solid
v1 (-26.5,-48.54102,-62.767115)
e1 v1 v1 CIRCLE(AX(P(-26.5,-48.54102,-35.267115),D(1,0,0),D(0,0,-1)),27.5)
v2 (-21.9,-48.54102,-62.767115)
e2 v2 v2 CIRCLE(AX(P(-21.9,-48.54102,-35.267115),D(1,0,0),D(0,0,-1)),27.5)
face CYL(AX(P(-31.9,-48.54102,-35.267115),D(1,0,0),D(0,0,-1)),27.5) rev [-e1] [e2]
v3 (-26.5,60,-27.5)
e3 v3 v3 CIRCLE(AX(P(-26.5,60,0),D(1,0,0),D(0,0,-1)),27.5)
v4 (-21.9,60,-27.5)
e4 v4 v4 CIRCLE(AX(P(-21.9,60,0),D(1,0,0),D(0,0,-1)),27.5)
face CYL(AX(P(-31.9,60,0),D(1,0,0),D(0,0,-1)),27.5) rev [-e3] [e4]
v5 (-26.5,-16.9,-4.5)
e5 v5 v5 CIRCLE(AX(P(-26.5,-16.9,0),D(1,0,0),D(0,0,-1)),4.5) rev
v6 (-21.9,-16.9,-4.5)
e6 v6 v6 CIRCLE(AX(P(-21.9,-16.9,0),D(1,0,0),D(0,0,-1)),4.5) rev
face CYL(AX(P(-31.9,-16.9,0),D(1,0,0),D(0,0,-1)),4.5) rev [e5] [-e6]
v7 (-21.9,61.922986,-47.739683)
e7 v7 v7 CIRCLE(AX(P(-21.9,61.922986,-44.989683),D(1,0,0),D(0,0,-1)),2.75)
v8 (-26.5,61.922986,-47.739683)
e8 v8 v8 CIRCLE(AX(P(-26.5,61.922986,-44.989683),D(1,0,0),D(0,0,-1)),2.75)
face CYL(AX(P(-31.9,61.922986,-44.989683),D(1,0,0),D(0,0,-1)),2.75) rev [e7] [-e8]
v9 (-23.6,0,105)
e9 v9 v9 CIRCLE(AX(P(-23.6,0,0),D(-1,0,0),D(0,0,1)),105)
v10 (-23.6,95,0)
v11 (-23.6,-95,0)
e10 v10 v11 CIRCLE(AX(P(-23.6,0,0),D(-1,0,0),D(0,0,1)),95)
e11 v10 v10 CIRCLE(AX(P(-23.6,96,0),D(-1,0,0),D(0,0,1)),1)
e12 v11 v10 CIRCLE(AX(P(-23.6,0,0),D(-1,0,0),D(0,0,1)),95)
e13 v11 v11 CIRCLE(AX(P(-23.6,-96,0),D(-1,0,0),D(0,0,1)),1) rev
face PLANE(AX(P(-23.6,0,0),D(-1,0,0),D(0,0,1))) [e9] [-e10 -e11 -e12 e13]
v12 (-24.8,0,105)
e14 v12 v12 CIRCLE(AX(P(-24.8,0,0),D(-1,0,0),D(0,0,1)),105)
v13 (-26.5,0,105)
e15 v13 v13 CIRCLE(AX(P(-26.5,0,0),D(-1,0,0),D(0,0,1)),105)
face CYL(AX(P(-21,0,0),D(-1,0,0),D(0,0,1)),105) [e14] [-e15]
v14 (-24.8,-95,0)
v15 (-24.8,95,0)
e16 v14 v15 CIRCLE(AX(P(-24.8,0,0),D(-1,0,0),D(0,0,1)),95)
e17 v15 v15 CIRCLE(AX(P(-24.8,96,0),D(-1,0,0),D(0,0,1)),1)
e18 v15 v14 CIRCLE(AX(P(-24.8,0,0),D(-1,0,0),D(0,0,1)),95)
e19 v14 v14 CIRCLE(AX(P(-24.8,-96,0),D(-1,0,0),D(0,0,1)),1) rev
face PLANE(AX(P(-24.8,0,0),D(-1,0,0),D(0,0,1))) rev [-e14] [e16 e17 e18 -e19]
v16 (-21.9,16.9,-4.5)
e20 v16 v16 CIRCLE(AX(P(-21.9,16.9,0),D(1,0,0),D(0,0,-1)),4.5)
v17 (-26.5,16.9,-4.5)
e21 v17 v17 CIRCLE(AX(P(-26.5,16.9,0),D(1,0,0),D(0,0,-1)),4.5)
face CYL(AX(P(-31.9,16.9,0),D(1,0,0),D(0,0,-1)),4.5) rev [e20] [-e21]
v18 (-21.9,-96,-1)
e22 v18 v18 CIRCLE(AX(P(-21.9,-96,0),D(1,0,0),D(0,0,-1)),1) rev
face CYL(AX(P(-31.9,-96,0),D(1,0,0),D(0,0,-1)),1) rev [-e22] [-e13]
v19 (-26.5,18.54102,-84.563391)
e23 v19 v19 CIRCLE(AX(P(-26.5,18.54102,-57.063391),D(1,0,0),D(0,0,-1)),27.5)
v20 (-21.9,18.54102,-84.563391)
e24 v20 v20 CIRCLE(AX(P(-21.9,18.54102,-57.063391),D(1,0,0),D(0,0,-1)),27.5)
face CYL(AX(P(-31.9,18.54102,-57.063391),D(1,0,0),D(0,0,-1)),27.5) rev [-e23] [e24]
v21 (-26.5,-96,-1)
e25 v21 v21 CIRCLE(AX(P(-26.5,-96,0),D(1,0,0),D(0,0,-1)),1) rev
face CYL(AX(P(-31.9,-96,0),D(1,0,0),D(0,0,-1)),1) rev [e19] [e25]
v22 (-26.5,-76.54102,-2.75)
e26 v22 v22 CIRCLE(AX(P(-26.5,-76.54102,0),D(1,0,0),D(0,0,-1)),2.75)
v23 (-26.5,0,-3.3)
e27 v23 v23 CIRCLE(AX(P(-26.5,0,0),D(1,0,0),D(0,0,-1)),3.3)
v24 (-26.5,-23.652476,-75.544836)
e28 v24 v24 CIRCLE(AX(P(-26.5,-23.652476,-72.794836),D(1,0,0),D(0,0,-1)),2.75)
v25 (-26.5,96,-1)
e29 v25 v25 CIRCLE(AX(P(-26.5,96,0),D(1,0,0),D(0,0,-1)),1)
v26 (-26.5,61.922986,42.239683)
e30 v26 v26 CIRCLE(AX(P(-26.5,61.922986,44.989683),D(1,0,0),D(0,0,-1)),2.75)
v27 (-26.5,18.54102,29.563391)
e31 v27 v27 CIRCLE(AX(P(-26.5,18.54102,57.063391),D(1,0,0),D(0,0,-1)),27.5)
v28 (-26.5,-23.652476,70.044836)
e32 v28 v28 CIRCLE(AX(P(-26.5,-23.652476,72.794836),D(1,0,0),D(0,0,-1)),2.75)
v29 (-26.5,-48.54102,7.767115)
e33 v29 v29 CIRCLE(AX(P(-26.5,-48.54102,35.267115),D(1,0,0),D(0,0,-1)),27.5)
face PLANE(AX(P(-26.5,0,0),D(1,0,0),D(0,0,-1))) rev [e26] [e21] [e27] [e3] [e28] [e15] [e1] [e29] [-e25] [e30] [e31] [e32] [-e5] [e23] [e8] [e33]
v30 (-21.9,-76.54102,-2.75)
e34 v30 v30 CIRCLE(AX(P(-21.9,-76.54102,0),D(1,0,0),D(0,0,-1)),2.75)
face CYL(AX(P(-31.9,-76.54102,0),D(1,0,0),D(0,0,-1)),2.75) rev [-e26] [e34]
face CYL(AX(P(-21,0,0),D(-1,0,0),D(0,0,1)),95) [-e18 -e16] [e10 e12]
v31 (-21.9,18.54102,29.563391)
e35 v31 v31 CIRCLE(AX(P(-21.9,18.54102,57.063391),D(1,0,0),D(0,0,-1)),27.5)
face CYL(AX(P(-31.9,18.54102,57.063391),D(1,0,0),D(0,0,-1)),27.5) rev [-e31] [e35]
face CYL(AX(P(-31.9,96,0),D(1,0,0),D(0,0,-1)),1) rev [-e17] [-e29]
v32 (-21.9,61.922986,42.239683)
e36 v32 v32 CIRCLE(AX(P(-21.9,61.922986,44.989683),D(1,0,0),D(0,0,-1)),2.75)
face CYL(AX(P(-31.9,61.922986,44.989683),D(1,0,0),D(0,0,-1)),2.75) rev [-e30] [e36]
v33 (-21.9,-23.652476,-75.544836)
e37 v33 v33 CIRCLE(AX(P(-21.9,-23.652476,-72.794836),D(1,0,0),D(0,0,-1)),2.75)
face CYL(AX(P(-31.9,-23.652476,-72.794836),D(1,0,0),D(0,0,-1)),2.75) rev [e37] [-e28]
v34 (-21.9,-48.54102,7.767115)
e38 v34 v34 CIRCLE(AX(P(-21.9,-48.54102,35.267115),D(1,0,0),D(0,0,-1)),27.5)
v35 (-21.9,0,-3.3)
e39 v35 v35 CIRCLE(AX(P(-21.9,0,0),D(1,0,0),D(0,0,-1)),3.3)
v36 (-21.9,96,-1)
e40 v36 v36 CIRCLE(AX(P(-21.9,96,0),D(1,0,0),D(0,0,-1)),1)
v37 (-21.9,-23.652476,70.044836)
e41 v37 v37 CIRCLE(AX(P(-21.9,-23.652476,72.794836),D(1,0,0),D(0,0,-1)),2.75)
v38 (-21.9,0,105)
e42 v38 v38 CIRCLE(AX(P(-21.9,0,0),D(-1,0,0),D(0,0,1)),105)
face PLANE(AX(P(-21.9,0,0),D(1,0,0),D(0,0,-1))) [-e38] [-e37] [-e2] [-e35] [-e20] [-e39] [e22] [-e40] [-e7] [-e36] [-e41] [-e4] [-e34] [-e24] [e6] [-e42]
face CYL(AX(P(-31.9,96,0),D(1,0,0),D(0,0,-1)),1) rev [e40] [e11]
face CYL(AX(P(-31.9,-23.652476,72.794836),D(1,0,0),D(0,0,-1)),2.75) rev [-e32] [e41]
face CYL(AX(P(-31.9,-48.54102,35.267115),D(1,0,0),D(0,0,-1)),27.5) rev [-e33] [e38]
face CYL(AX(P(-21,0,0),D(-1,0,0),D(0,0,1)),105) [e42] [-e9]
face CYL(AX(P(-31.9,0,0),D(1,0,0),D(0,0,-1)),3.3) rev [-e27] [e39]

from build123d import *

# Parameters (mm, degrees)
SKETCH_22_R         = 3.3
SKETCH_22_R_2       = 4.5
SKETCH_22_R_3       = 1
SKETCH_22_R_4       = 27.5
SKETCH_22_R_5       = 2.75
CUT_EXTRUDE_1_DEPTH = 10


with BuildPart() as part:
    # 草图1 → 旋转1 (revolve)
    with BuildSketch(Plane.XY, mode=Mode.PRIVATE) as revolve_1_sk:
        Polygon((-21.9, 11), (-21.9, 25), (-21.9, 105), (-23, 105), (-23.6, 105), (-23.6, 95), (-24.2, 95), (-24.8, 95), (-24.8, 105), (-25, 105), (-26.5, 105), (-26.5, 98.307417596), (-26.5, 11), (-26.5, 0), (-21.9, 0), align=None)
    revolve(revolve_1_sk.sketch.rotate(Axis((-21, 0, 0), (1, 0, 0)), 90), axis=Axis((-21, 0, 0), (1, 0, 0)))

    # 草图22 → 切除-拉伸1 (cut)
    with BuildSketch(Plane(origin=(-21.9, 0, 0), x_dir=(0, 0, -1), z_dir=(1, 0, 0))):
        Circle(SKETCH_22_R)
        with Locations((0, 16.9)):
            Circle(SKETCH_22_R_2)
        with Locations((0, 96)):
            Circle(SKETCH_22_R_3)
        with Locations((0, 60)):
            Circle(SKETCH_22_R_4)
        with Locations((0, -16.9)):
            Circle(SKETCH_22_R_2)
        with Locations((57.063390978, 18.541019662)):
            Circle(SKETCH_22_R_4)
        with Locations((72.794835514, -23.652475842)):
            Circle(SKETCH_22_R_5)
        with Locations((35.267115138, -48.541019662)):
            Circle(SKETCH_22_R_4)
        with Locations((-35.267115138, -48.541019662)):
            Circle(SKETCH_22_R_4)
        with Locations((-57.063390978, 18.541019662)):
            Circle(SKETCH_22_R_4)
        with Locations((0, -96)):
            Circle(SKETCH_22_R_3)
        with Locations((0, -76.541019662)):
            Circle(SKETCH_22_R_5)
        with Locations((-72.794835514, -23.652475842)):
            Circle(SKETCH_22_R_5)
        with Locations((-44.989682553, 61.922985674)):
            Circle(SKETCH_22_R_5)
        with Locations((44.989682553, 61.922985674)):
            Circle(SKETCH_22_R_5)
    extrude(amount=-CUT_EXTRUDE_1_DEPTH, mode=Mode.SUBTRACT)


solid = part.part
